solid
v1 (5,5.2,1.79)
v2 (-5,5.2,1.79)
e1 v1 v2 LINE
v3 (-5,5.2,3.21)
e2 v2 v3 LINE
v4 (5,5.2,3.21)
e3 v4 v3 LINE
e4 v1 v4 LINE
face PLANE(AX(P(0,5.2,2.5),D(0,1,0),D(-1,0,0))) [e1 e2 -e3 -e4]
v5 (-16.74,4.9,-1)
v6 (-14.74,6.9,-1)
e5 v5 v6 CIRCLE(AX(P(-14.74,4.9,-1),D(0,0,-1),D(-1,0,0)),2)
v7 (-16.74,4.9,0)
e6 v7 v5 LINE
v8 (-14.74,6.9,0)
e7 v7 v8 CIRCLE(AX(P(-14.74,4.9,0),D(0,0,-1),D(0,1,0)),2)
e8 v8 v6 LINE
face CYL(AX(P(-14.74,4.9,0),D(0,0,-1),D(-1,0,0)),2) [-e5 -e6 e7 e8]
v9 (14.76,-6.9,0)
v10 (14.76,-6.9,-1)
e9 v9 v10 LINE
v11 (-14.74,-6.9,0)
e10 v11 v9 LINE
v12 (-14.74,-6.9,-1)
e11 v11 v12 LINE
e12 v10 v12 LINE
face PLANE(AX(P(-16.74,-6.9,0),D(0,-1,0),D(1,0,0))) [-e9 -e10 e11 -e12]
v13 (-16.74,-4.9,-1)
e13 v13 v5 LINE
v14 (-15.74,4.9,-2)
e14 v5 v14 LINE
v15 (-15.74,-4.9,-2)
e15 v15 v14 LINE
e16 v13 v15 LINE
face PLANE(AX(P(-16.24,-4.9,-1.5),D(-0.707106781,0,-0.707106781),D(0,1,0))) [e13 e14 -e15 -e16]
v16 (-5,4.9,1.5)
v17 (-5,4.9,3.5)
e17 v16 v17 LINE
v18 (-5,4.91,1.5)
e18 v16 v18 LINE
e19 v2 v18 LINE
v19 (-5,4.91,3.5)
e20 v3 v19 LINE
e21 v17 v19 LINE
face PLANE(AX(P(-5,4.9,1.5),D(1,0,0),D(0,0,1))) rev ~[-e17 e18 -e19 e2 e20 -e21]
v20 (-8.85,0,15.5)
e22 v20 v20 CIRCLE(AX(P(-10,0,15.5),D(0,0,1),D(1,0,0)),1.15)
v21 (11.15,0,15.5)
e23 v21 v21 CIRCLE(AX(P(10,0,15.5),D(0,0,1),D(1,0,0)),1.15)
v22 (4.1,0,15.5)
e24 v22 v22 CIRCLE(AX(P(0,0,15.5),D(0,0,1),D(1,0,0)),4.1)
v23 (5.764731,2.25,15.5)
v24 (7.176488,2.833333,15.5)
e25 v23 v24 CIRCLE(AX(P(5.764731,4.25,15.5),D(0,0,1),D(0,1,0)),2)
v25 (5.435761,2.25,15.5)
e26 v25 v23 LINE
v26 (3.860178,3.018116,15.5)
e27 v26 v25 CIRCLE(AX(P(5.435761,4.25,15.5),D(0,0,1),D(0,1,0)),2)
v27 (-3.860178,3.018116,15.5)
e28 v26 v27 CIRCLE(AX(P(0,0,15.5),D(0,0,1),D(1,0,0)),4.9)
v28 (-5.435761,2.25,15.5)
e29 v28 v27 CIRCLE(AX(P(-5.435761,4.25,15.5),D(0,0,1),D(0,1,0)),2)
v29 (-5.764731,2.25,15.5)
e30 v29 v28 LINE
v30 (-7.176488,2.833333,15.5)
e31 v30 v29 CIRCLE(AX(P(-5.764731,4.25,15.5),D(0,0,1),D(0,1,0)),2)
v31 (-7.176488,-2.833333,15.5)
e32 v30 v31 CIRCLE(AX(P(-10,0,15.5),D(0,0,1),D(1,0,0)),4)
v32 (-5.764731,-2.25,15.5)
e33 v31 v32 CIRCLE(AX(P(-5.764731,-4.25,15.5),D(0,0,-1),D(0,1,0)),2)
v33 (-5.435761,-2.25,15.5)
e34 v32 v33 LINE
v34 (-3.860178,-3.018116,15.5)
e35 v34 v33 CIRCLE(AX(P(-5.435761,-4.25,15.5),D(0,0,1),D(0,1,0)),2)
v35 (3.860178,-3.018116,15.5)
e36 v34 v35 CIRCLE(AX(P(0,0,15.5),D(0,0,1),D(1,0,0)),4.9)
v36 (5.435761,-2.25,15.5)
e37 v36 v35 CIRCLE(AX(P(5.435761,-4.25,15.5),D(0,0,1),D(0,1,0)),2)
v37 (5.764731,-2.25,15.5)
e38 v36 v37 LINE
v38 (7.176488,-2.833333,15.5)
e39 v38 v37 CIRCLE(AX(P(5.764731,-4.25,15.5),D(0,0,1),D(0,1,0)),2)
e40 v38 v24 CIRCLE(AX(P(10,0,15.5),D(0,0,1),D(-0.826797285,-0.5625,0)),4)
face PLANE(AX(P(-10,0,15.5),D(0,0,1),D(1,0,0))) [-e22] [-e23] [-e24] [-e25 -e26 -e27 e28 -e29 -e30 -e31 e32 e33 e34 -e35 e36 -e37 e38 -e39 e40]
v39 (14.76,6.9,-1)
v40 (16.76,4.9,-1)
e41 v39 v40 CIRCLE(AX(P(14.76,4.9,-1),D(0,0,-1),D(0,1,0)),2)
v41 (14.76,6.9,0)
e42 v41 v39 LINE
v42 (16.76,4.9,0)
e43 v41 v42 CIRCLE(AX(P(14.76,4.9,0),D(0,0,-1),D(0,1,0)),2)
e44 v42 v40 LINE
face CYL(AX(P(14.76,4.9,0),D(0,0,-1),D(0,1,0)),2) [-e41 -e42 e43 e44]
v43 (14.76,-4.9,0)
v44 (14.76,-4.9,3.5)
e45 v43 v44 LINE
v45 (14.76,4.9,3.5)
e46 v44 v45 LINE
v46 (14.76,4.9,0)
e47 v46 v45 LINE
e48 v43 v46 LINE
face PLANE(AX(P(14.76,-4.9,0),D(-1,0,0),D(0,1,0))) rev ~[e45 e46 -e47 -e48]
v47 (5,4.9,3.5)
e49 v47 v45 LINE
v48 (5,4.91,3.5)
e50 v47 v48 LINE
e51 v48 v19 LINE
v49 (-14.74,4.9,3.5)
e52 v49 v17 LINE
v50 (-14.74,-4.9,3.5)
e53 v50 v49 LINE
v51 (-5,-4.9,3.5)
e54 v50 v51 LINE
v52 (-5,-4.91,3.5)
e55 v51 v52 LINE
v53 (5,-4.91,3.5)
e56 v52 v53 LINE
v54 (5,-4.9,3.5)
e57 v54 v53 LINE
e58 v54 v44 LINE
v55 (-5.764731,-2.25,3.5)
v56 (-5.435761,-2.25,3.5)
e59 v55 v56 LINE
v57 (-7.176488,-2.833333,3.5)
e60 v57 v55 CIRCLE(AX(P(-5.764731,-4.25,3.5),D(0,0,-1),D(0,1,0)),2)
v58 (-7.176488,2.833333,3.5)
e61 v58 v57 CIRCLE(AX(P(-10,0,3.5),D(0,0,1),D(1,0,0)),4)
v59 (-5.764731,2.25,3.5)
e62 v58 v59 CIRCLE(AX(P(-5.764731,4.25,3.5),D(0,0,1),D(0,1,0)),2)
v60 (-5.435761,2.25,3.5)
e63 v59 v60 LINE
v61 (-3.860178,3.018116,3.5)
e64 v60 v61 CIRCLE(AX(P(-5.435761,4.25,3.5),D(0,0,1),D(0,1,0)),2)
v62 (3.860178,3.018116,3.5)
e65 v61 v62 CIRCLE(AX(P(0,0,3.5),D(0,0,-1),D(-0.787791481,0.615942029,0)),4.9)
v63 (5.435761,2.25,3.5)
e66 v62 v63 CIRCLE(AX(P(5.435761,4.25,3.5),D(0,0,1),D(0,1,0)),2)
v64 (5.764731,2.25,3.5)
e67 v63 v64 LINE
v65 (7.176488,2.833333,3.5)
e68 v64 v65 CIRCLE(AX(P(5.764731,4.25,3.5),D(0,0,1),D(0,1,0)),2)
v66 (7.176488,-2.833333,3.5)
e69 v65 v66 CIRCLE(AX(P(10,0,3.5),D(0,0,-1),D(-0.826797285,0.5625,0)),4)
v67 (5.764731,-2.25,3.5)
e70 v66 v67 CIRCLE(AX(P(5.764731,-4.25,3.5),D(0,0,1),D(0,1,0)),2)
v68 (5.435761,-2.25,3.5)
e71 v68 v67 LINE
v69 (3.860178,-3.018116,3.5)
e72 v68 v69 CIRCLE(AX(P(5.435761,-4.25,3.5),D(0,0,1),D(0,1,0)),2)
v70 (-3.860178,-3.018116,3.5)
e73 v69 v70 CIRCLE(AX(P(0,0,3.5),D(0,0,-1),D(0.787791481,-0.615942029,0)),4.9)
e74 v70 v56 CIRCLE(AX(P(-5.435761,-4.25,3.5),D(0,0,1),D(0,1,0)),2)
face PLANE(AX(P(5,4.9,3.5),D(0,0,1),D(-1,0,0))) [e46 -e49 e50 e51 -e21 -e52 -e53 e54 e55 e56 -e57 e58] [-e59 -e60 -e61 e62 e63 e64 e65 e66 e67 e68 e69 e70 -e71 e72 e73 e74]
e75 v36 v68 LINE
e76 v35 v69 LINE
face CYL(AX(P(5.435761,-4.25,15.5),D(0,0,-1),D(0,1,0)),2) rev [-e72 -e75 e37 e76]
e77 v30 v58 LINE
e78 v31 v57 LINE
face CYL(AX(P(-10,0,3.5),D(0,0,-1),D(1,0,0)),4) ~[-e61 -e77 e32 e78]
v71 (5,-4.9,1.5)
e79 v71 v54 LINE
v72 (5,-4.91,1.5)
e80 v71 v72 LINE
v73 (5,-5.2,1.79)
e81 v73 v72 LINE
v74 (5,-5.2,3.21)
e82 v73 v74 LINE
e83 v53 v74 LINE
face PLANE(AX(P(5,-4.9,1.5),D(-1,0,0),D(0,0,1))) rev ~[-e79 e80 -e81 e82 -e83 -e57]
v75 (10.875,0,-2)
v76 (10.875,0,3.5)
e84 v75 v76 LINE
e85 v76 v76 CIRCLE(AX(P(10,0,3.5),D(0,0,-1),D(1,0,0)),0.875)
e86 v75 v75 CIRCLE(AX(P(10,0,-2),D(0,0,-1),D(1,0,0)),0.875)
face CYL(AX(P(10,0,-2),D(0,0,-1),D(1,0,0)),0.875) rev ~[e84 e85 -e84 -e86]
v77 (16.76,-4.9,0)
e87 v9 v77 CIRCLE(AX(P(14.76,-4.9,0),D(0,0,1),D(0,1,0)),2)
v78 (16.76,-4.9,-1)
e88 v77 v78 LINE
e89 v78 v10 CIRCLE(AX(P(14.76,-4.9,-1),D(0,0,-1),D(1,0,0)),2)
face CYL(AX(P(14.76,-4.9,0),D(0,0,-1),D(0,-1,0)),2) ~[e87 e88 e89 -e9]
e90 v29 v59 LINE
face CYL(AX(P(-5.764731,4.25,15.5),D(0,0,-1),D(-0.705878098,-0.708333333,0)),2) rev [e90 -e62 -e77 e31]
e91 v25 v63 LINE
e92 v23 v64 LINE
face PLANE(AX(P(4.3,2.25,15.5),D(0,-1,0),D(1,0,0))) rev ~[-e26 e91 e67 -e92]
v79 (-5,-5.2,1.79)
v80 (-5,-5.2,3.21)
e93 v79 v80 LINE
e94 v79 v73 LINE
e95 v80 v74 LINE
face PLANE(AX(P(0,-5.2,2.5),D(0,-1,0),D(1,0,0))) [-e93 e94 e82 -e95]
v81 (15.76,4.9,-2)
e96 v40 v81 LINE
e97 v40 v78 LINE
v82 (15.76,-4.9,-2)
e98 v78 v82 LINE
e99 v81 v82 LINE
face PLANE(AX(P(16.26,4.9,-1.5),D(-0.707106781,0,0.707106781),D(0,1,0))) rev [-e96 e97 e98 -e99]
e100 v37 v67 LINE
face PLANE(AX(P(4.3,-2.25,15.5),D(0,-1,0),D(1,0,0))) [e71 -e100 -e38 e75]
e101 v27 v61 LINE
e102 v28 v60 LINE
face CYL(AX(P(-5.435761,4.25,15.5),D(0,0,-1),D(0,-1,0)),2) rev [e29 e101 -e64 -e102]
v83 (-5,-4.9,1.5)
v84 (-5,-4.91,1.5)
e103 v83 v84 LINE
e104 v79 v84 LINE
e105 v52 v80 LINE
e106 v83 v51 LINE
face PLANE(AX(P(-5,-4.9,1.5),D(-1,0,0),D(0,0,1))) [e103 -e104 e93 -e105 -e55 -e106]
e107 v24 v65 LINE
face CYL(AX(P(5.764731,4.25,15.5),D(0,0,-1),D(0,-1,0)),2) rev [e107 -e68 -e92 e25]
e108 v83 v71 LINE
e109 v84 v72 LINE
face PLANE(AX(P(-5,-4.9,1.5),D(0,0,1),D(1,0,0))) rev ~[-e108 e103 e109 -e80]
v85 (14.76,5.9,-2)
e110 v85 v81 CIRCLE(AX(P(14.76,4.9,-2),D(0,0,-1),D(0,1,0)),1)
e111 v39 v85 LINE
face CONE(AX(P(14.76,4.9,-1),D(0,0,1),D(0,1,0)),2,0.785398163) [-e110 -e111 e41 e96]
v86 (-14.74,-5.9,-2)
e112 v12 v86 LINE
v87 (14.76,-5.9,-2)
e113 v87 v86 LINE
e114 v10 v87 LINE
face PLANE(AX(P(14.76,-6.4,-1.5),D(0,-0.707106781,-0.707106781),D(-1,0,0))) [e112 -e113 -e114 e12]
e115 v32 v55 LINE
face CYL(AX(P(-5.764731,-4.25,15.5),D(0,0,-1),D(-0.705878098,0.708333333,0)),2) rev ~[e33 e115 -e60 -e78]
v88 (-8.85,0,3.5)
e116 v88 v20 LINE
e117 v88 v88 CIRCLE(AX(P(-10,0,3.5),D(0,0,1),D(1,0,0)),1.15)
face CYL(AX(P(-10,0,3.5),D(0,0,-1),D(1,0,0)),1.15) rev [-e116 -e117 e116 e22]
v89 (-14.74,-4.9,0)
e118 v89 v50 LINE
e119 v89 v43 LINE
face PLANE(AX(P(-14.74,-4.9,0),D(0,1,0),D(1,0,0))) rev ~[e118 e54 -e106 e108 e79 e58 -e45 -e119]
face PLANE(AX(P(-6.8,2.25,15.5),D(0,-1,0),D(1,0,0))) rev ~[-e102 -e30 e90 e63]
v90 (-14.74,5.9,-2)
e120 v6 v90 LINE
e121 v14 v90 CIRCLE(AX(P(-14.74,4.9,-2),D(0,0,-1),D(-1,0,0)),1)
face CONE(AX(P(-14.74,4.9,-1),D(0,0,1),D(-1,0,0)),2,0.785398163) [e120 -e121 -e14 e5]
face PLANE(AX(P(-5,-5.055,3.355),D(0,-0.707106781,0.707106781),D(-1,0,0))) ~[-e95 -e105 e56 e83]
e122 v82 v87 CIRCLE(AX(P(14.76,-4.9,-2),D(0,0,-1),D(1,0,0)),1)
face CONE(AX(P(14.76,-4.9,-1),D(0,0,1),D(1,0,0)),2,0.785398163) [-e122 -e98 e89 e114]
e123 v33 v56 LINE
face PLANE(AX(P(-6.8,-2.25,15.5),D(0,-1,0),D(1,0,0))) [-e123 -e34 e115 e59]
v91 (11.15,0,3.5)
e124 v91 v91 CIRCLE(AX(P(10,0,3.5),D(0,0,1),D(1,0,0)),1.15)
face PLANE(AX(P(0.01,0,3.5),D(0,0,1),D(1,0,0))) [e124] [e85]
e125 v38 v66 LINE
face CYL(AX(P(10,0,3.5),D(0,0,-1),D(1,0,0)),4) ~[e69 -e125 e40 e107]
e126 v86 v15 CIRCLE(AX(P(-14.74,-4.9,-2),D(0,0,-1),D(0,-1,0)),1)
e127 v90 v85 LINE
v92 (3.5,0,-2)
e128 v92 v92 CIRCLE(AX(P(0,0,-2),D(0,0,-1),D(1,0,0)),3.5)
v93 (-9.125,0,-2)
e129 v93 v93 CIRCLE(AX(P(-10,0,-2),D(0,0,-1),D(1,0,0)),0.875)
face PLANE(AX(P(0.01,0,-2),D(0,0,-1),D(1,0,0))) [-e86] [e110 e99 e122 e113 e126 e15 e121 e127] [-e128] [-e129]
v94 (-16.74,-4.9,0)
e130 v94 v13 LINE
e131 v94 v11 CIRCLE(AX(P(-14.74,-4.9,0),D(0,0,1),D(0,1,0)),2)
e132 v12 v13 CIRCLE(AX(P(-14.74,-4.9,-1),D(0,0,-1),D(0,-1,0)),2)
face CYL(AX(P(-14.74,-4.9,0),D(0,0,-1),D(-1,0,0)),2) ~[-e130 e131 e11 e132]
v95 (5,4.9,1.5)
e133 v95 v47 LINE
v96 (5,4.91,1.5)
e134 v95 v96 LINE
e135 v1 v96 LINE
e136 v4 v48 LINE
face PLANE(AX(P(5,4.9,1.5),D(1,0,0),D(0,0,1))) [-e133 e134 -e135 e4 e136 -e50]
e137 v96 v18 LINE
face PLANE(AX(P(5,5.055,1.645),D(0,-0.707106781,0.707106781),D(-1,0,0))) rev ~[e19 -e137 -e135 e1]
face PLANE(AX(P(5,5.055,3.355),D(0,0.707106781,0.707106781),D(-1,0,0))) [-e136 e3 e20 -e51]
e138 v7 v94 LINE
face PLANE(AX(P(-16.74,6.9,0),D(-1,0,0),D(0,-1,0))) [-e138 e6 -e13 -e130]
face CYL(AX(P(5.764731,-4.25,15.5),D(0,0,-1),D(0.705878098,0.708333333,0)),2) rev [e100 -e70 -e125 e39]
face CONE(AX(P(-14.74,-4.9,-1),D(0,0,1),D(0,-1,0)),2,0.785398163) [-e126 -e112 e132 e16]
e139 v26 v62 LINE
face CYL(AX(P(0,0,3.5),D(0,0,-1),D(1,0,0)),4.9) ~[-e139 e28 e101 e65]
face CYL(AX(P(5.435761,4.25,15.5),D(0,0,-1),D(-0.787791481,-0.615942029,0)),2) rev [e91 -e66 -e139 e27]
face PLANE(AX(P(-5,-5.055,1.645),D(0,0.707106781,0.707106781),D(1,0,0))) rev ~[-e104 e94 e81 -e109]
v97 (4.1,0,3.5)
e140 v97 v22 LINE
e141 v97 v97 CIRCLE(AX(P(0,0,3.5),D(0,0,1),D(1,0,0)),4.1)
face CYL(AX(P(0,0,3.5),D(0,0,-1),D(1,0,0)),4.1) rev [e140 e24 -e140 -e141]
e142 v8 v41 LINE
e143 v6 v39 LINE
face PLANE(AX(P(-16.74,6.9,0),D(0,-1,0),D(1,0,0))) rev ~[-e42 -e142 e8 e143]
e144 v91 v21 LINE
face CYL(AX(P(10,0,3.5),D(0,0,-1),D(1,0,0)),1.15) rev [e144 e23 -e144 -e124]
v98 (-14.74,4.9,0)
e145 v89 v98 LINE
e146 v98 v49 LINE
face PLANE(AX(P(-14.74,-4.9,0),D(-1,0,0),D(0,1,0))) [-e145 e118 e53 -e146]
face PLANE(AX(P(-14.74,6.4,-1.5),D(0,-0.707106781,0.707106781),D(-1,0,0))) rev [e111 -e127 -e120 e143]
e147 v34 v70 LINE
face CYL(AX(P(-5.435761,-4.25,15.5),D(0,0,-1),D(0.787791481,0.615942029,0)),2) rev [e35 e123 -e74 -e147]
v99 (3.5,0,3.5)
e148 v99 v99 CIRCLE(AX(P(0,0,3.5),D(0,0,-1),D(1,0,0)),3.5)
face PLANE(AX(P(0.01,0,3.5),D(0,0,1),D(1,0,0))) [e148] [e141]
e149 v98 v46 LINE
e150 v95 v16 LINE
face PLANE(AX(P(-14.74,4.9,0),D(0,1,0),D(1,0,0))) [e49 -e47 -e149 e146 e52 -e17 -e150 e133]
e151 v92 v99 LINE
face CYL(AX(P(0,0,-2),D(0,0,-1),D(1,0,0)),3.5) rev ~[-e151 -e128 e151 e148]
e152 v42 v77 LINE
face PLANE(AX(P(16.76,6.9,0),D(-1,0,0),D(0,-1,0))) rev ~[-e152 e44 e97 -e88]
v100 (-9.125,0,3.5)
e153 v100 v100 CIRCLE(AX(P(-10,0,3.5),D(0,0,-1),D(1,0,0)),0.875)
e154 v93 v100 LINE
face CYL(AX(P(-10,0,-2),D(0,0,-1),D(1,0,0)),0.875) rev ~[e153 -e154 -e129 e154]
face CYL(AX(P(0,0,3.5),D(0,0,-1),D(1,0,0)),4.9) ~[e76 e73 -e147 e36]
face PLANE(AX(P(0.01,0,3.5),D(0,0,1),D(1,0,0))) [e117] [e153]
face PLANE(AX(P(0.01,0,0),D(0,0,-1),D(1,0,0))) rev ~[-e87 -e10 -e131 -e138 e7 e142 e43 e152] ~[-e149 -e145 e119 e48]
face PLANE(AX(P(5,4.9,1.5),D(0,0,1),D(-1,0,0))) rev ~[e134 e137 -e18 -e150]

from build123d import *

# Parameters (mm, degrees)
SKETCH_W        = 29.5
SKETCH_H        = 9.8
PAD_DEPTH       = 3.5
SKETCH001_R     = 4.9
SKETCH001_R_2   = 4.1
SKETCH001_R_3   = 4
SKETCH001_R_4   = 1.15
PAD001_DEPTH    = 12
SKETCH002_W     = 33.5
SKETCH002_H     = 13.8
PAD002_DEPTH    = 2
SKETCH003_R     = 3.5
SKETCH003_R_2   = 0.875
POCKET_DEPTH    = 10
SKETCH006_W     = 2.5
SKETCH006_H     = 4.5
PAD003_DEPTH    = 12
FILLET_R        = 2
SKETCH007_W     = 10
SKETCH007_H     = 2
PAD004_DEPTH    = 0.3
SKETCH008_W     = 10
SKETCH008_H     = 2
PAD005_DEPTH    = 0.3
CHAMFER_SIZE    = 0.29
CHAMFER001_SIZE = 0.29
FILLET001_R     = 2
CHAMFER002_SIZE = 1


with BuildPart() as part:
    # Sketch → Pad (new body)
    with BuildSketch(Plane.XY):
        with Locations((0.01, 0)):
            Rectangle(SKETCH_W, SKETCH_H)
    extrude(amount=PAD_DEPTH)

    # Sketch001 (on Face6 of Pad) → Pad001 (join)
    with BuildSketch(Plane.XY.offset(3.5)):
        Circle(SKETCH001_R)
        Circle(SKETCH001_R_2, mode=Mode.SUBTRACT)
        with Locations((-10, 0)):
            Circle(SKETCH001_R_3)
        with Locations((-10, 0)):
            Circle(SKETCH001_R_4, mode=Mode.SUBTRACT)
        with Locations((10, 0)):
            Circle(SKETCH001_R_3)
        with Locations((10, 0)):
            Circle(SKETCH001_R_4, mode=Mode.SUBTRACT)
    extrude(amount=PAD001_DEPTH)

    # Sketch002 → Pad002 (join)
    with BuildSketch(Plane(origin=(0, 0, 0), x_dir=(1, 0, 0), z_dir=(0, 0, -1))):
        with Locations((0.01, 0)):
            Rectangle(SKETCH002_W, SKETCH002_H)
    extrude(amount=PAD002_DEPTH)

    # Sketch003 → Pocket (cut)
    with BuildSketch(Plane(origin=(0, 0, -2), x_dir=(1, 0, 0), z_dir=(0, 0, -1))):
        Circle(SKETCH003_R)
        with Locations((10, 0)):
            Circle(SKETCH003_R_2)
        with Locations((-10, 0)):
            Circle(SKETCH003_R_2)
    extrude(amount=-POCKET_DEPTH, mode=Mode.SUBTRACT)

    # Sketch006 (on Face26 of Pocket) → Pad003 (join)
    with BuildSketch(Plane.XY.offset(15.5)):
        with Locations((-5.55, 0)):
            Rectangle(SKETCH006_W, SKETCH006_H)
        with Locations((5.55, 0)):
            Rectangle(SKETCH006_W, SKETCH006_H)
    extrude(amount=-PAD003_DEPTH)

    # Fillet
    fillet_edges = [part.edges().sort_by_distance(p)[0] for p in [
        (6.692811, -2.25, 9.5),
        (4.352873, -2.25, 9.5),
        (-4.352873, -2.25, 9.5),
        (-6.692811, -2.25, 9.5),
        (-6.692811, 2.25, 9.5),
        (-4.352873, 2.25, 9.5),
        (4.352873, 2.25, 9.5),
        (6.692811, 2.25, 9.5),
    ]]
    fillet(fillet_edges, radius=FILLET_R)

    # Sketch007 (on Face8 of Fillet) → Pad004 (join)
    with BuildSketch(Plane.XZ.offset(4.9)):
        with Locations((0, 2.5)):
            Rectangle(SKETCH007_W, SKETCH007_H)
    extrude(amount=PAD004_DEPTH)

    # Sketch008 (on Face4 of Fillet) → Pad005 (join)
    with BuildSketch(Plane(origin=(0, 4.9, 0), x_dir=(-1, 0, 0), z_dir=(0, 1, 0))):
        with Locations((0, 2.5)):
            Rectangle(SKETCH008_W, SKETCH008_H)
    extrude(amount=PAD005_DEPTH)

    # Chamfer
    chamfer_edges = [part.edges().sort_by_distance(p)[0] for p in [
        (0, 5.2, 3.5),
        (0, 5.2, 1.5),
    ]]
    chamfer(chamfer_edges, length=CHAMFER_SIZE)

    # Chamfer001
    chamfer001_edges = [part.edges().sort_by_distance(p)[0] for p in [
        (0, -5.2, 3.5),
        (0, -5.2, 1.5),
    ]]
    chamfer(chamfer001_edges, length=CHAMFER001_SIZE)

    # Fillet001
    fillet001_edges = [part.edges().sort_by_distance(p)[0] for p in [
        (16.76, -6.9, -1),
        (16.76, 6.9, -1),
        (-16.74, -6.9, -1),
        (-16.74, 6.9, -1),
    ]]
    fillet(fillet001_edges, radius=FILLET001_R)

    # Chamfer002
    chamfer002_edges = [part.edges().sort_by_distance(p)[0] for p in [
        (0.01, 6.9, -2),
    ]]
    chamfer(chamfer002_edges, length=CHAMFER002_SIZE)


solid = part.part
